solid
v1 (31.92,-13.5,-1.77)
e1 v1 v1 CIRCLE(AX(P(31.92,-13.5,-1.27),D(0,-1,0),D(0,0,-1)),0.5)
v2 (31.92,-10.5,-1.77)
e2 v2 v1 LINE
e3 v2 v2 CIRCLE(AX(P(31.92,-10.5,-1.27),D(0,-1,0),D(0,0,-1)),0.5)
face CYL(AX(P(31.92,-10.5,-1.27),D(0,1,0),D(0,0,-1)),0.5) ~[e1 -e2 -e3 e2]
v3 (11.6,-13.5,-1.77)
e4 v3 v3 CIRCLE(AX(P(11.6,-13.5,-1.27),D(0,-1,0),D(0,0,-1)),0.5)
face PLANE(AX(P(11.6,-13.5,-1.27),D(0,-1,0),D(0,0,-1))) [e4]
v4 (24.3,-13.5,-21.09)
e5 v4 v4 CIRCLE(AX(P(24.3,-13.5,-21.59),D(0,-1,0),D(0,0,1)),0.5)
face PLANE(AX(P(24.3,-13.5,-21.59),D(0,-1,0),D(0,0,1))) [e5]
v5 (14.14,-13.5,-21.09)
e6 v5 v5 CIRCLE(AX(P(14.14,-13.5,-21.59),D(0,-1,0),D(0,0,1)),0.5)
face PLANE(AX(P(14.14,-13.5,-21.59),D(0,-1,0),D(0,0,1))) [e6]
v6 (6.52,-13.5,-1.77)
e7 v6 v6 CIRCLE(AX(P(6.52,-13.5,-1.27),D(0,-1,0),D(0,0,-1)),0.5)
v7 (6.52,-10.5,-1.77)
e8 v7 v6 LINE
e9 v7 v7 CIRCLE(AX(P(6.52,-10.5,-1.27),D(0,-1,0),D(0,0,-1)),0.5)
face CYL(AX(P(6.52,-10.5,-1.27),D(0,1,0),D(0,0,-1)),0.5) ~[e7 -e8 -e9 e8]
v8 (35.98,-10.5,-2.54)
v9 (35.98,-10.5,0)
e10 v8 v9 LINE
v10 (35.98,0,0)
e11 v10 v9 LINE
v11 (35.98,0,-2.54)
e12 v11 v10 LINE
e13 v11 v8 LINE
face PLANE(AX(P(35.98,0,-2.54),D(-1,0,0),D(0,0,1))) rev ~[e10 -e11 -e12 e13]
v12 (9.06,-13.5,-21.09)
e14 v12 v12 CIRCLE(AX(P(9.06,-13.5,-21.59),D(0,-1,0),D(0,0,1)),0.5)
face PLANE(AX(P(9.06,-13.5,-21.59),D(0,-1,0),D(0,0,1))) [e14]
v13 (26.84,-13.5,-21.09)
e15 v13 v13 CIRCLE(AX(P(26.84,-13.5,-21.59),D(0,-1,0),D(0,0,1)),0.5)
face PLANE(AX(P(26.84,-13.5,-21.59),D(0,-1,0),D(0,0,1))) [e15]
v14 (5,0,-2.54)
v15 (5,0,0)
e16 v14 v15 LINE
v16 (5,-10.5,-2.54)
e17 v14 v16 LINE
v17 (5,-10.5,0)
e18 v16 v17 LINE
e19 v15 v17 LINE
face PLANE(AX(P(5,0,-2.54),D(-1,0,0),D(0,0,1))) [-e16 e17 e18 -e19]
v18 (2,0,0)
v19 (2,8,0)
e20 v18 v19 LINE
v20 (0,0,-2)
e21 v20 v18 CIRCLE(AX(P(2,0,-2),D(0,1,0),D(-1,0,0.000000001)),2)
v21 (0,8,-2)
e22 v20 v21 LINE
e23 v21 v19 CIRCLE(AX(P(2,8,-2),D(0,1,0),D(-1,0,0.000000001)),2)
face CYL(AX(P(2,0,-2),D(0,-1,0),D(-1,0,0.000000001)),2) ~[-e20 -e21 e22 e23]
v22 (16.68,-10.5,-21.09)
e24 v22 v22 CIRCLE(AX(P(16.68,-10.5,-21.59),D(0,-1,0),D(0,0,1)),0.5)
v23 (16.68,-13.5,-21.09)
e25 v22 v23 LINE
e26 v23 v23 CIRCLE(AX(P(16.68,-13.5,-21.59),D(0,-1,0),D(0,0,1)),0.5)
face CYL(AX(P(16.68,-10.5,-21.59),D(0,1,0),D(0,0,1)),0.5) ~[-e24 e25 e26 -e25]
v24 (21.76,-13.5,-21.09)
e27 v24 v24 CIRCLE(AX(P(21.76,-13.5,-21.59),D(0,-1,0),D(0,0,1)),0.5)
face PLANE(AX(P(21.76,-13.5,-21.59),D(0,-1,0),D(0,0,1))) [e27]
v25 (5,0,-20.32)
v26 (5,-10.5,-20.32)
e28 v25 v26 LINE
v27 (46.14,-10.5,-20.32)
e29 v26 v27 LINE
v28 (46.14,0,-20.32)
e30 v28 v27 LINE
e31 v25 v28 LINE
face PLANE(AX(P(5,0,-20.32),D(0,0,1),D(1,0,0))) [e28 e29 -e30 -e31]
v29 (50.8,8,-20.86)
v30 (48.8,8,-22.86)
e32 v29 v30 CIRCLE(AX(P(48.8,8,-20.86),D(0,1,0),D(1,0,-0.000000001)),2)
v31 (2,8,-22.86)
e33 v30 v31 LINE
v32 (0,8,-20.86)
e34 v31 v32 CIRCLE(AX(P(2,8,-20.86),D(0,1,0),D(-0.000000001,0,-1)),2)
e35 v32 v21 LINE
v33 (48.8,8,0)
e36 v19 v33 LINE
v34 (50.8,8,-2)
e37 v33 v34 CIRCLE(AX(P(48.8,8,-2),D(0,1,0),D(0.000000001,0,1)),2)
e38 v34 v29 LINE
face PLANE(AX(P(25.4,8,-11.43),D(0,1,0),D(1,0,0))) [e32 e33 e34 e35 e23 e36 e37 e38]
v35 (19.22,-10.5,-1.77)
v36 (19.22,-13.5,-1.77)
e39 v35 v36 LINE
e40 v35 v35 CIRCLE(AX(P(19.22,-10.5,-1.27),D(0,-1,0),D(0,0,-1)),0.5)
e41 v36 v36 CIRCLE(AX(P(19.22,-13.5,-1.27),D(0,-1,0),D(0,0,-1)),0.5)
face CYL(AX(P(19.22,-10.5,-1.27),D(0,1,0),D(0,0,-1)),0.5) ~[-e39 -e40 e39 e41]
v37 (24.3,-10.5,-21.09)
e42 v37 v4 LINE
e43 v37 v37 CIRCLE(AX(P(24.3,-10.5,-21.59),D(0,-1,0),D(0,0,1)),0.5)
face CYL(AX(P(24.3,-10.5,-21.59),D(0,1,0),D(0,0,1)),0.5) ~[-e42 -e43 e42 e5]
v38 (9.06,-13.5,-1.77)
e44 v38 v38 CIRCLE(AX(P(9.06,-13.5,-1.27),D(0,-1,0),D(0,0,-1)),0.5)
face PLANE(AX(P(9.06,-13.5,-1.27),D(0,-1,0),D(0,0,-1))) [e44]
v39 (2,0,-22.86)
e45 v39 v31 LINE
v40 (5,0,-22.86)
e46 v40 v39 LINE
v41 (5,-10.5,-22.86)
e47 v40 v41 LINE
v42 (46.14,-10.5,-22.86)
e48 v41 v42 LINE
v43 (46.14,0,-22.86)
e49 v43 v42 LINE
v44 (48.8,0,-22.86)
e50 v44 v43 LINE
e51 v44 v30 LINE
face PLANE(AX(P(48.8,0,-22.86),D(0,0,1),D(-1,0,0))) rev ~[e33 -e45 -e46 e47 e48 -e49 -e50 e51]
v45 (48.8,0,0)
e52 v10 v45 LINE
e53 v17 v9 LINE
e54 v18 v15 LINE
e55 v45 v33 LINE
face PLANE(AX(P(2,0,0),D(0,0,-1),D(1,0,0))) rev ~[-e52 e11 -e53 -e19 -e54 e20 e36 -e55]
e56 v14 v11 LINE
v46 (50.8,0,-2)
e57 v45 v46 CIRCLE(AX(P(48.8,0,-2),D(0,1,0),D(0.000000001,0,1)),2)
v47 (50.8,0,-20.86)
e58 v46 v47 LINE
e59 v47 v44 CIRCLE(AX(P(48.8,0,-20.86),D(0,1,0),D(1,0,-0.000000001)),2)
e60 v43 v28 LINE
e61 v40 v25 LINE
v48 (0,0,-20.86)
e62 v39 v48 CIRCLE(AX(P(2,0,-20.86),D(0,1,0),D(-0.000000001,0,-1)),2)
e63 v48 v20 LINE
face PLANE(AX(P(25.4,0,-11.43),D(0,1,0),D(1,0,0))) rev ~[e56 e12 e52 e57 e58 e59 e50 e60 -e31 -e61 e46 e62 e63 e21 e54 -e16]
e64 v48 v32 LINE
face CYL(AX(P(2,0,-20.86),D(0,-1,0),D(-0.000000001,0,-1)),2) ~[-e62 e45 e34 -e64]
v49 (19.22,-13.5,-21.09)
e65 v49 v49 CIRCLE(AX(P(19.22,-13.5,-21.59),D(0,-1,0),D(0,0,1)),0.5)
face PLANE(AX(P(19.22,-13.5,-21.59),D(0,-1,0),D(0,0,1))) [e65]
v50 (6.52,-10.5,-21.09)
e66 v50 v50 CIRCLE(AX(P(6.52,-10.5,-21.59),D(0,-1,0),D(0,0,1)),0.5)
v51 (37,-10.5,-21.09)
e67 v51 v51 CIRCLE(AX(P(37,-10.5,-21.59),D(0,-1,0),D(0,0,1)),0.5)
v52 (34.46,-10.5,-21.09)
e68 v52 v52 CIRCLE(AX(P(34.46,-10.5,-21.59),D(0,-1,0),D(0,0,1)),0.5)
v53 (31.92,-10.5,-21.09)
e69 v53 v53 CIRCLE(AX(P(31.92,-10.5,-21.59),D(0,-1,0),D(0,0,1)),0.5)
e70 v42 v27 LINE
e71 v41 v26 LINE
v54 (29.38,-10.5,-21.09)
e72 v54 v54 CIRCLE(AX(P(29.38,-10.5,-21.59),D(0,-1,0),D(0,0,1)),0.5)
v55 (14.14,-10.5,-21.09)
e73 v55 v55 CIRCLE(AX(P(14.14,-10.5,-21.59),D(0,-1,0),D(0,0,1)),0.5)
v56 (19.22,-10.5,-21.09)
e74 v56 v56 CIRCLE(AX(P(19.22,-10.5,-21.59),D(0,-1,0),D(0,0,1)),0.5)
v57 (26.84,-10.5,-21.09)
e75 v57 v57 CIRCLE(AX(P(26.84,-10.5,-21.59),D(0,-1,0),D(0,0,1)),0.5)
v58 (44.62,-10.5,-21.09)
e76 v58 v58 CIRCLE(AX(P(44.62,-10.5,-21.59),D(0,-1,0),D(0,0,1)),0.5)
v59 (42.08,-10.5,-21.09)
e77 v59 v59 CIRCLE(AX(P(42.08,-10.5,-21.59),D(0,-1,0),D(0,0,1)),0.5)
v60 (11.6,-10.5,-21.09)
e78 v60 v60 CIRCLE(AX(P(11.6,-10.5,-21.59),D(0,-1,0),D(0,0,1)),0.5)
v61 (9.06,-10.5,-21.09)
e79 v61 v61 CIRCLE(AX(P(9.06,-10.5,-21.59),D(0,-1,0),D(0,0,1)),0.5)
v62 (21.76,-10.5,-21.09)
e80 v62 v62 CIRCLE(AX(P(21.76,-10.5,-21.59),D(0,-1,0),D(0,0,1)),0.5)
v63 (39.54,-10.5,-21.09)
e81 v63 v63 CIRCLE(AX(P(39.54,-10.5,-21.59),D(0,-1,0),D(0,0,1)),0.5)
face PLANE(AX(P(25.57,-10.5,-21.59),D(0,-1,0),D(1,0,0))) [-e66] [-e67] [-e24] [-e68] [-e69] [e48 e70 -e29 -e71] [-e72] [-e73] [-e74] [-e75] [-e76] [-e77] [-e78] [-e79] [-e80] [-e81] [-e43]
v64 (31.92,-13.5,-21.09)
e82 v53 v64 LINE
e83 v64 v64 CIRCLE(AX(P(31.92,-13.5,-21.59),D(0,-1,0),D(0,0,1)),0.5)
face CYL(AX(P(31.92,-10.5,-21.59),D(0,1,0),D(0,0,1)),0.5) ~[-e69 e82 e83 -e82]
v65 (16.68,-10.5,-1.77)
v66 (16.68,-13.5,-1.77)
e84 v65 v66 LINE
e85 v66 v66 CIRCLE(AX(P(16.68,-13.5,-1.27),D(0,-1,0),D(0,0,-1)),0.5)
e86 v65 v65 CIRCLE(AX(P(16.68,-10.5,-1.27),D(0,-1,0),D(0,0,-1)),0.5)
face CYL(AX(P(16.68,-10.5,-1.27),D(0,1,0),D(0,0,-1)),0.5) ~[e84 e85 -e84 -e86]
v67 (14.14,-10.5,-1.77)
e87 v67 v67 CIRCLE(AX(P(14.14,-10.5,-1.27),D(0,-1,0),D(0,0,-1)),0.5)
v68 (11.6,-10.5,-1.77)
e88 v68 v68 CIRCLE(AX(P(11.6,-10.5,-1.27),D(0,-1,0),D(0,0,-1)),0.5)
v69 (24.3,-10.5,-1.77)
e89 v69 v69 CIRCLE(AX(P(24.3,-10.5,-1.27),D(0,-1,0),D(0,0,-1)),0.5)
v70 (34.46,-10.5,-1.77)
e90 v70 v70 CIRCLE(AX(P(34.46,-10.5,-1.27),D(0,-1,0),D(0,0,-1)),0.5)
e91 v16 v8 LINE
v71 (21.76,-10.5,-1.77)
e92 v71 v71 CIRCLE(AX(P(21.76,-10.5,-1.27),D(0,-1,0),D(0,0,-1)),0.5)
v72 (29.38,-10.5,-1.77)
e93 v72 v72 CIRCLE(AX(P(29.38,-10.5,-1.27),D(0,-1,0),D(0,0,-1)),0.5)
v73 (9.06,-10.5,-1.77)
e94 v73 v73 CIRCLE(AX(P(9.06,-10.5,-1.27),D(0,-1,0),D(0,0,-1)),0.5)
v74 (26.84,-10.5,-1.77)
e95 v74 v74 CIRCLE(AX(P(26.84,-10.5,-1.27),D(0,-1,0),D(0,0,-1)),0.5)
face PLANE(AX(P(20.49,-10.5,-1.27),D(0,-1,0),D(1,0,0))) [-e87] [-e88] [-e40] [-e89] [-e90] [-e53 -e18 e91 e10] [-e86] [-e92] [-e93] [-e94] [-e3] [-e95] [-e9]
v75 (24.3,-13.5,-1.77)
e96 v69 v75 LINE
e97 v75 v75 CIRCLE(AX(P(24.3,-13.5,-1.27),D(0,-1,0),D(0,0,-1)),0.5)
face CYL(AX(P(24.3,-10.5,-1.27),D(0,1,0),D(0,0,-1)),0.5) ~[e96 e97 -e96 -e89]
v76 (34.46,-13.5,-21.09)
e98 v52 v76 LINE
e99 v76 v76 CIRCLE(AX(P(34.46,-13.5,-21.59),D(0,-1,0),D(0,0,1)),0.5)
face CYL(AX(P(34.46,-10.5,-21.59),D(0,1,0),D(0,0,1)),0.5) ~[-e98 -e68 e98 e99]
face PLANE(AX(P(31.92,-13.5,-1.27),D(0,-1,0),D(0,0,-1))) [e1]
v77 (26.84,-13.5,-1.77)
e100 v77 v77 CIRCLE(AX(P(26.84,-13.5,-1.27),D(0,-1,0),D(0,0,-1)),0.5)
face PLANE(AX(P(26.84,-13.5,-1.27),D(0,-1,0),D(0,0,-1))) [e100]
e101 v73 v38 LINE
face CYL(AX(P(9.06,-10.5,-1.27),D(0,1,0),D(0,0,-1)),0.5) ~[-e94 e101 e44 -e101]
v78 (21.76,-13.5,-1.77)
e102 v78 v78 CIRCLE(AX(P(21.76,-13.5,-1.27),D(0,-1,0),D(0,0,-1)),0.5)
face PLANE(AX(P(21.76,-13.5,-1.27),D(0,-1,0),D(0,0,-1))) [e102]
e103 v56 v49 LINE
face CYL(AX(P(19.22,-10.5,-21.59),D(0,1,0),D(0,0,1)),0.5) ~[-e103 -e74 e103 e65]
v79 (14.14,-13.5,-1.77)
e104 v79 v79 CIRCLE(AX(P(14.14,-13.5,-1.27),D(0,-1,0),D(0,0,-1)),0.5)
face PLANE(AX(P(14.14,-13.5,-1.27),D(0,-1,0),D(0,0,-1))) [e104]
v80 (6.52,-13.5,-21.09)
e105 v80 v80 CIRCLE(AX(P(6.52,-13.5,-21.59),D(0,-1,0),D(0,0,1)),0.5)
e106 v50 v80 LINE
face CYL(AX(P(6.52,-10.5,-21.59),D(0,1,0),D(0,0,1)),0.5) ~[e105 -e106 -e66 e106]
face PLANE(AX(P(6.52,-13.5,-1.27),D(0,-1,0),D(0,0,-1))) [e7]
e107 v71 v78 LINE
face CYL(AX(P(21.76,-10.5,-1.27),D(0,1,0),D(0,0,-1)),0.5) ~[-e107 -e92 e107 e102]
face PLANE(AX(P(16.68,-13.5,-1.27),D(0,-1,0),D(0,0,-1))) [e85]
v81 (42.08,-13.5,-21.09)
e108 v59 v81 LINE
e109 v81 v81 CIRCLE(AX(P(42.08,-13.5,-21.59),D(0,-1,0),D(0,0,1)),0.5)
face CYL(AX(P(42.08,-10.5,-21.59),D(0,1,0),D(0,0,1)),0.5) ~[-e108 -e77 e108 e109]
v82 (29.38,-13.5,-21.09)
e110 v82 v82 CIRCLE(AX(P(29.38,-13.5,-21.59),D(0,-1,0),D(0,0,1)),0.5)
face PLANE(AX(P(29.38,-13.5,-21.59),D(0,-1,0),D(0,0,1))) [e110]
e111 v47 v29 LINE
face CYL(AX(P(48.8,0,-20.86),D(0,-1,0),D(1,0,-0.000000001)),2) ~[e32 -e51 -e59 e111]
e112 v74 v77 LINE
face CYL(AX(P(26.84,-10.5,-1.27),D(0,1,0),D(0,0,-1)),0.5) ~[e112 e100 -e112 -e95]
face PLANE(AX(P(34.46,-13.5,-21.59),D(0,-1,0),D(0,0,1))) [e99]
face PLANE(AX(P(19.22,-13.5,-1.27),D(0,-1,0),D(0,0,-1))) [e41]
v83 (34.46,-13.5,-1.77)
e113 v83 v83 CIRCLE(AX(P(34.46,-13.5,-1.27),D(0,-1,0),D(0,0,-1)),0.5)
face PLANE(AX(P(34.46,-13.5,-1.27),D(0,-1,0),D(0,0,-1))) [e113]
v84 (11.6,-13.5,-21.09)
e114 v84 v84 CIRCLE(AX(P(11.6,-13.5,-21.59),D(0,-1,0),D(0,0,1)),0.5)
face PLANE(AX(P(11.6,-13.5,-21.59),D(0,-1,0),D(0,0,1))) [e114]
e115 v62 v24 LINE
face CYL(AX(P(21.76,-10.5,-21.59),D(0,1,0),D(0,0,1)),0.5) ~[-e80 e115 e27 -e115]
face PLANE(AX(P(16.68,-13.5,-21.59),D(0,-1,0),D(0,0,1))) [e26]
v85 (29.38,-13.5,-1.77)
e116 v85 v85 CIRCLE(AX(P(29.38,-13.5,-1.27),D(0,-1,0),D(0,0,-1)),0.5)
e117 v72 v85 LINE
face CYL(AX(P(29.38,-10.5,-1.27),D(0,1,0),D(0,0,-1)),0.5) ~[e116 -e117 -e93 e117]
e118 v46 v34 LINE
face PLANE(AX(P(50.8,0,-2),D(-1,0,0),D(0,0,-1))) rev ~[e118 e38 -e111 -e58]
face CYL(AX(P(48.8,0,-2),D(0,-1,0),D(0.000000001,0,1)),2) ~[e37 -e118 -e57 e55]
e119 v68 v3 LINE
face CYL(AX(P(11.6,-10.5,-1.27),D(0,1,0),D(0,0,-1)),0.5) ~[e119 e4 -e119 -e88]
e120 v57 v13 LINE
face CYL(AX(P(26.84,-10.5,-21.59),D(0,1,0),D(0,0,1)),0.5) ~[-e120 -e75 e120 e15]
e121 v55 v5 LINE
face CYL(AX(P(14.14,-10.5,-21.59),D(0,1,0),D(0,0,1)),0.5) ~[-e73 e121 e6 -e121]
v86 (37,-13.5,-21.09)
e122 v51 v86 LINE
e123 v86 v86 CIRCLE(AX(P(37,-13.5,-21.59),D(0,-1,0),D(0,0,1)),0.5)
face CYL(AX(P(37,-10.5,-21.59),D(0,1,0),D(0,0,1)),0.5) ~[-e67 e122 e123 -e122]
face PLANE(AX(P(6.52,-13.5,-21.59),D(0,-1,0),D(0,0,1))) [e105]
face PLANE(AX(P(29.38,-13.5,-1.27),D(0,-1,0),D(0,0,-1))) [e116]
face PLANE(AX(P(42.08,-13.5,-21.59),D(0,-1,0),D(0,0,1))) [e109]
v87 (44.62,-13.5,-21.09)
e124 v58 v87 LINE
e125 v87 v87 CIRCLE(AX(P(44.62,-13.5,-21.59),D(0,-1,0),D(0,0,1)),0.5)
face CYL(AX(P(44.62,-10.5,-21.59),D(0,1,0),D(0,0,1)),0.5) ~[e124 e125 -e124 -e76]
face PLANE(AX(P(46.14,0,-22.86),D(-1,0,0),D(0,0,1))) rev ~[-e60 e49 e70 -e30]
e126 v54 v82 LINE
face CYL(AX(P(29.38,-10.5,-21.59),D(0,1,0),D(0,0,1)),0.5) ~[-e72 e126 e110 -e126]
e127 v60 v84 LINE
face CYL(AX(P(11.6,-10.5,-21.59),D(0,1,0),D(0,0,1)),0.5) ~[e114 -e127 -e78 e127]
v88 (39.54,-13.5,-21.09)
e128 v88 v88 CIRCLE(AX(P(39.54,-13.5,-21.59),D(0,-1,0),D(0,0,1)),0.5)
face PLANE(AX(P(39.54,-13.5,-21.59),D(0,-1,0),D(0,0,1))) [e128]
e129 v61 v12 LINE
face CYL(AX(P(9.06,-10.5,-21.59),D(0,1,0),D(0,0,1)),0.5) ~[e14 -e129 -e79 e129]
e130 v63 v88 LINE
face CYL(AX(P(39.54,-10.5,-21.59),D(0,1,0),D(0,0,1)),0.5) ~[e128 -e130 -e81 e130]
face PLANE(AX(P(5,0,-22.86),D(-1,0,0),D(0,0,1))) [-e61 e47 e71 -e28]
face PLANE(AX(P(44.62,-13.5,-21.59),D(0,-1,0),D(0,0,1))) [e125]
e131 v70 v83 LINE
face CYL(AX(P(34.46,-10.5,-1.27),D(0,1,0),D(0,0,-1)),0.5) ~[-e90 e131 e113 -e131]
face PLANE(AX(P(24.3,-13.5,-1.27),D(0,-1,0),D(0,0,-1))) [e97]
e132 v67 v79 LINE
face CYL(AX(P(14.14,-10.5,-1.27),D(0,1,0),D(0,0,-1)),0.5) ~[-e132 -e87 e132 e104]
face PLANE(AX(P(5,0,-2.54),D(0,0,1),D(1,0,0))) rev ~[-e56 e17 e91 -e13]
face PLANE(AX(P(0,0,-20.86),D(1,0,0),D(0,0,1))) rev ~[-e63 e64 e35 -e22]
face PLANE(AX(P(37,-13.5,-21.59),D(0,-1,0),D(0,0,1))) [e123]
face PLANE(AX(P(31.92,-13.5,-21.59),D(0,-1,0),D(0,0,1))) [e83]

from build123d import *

# Parameters (mm, degrees)
BOSS_EXTRUDE1_DEPTH = 8
SKETCH2_W           = 30.98
SKETCH2_H           = 2.54
SKETCH2_W_2         = 41.14
BOSS_EXTRUDE2_DEPTH = 10.5
SKETCH3_R           = 0.5
BOSS_EXTRUDE3_DEPTH = 3


with BuildPart() as part:
    # Sketch1 → Boss-Extrude1 (new body)
    with BuildSketch(Plane(origin=(0, 0, 0), x_dir=(1, 0, 0), z_dir=(0, 1, 0))):
        with BuildLine():
            Line((2, 0), (48.8, 0))
            ThreePointArc((48.8, 0), (50.214213562, 0.585786438), (50.8, 2))
            Line((50.8, 2), (50.8, 20.86))
            ThreePointArc((50.8, 20.86), (50.214213562, 22.274213562), (48.8, 22.86))
            Line((48.8, 22.86), (2, 22.86))
            ThreePointArc((2, 22.86), (0.585786438, 22.274213562), (0, 20.86))
            Line((0, 20.86), (0, 2))
            ThreePointArc((0, 2), (0.585786438, 0.585786438), (2, 0))
        make_face()
    extrude(amount=BOSS_EXTRUDE1_DEPTH)

    # Sketch2 → Boss-Extrude2 (add)
    with BuildSketch(Plane.XZ):
        with Locations((20.49, -1.27)):
            Rectangle(SKETCH2_W, SKETCH2_H)
        with Locations((25.57, -21.59)):
            Rectangle(SKETCH2_W_2, SKETCH2_H)
    extrude(amount=BOSS_EXTRUDE2_DEPTH)

    # Sketch3 → Boss-Extrude3 (add)
    with BuildSketch(Plane.XZ.offset(10.5)):
        with Locations(Location((6.52, -1.27, 0), (0, 0, 270))):
            Circle(SKETCH3_R)
        with Locations(Location((9.06, -1.27, 0), (0, 0, 270))):
            Circle(SKETCH3_R)
        with Locations(Location((11.6, -1.27, 0), (0, 0, 270))):
            Circle(SKETCH3_R)
        with Locations(Location((14.14, -1.27, 0), (0, 0, 270))):
            Circle(SKETCH3_R)
        with Locations(Location((16.68, -1.27, 0), (0, 0, 270))):
            Circle(SKETCH3_R)
        with Locations(Location((19.22, -1.27, 0), (0, 0, 270))):
            Circle(SKETCH3_R)
        with Locations(Location((21.76, -1.27, 0), (0, 0, 270))):
            Circle(SKETCH3_R)
        with Locations(Location((24.3, -1.27, 0), (0, 0, 270))):
            Circle(SKETCH3_R)
        with Locations(Location((26.84, -1.27, 0), (0, 0, 270))):
            Circle(SKETCH3_R)
        with Locations(Location((29.38, -1.27, 0), (0, 0, 270))):
            Circle(SKETCH3_R)
        with Locations(Location((31.92, -1.27, 0), (0, 0, 270))):
            Circle(SKETCH3_R)
        with Locations(Location((34.46, -1.27, 0), (0, 0, 270))):
            Circle(SKETCH3_R)
        with Locations(Location((6.52, -21.59, 0), (0, 0, 90))):
            Circle(SKETCH3_R)
        with Locations(Location((9.06, -21.59, 0), (0, 0, 90))):
            Circle(SKETCH3_R)
        with Locations(Location((11.6, -21.59, 0), (0, 0, 90))):
            Circle(SKETCH3_R)
        with Locations(Location((14.14, -21.59, 0), (0, 0, 90))):
            Circle(SKETCH3_R)
        with Locations(Location((16.68, -21.59, 0), (0, 0, 90))):
            Circle(SKETCH3_R)
        with Locations(Location((19.22, -21.59, 0), (0, 0, 90))):
            Circle(SKETCH3_R)
        with Locations(Location((21.76, -21.59, 0), (0, 0, 90))):
            Circle(SKETCH3_R)
        with Locations(Location((24.3, -21.59, 0), (0, 0, 90))):
            Circle(SKETCH3_R)
        with Locations(Location((26.84, -21.59, 0), (0, 0, 90))):
            Circle(SKETCH3_R)
        with Locations(Location((29.38, -21.59, 0), (0, 0, 90))):
            Circle(SKETCH3_R)
        with Locations(Location((31.92, -21.59, 0), (0, 0, 90))):
            Circle(SKETCH3_R)
        with Locations(Location((34.46, -21.59, 0), (0, 0, 90))):
            Circle(SKETCH3_R)
        with Locations(Location((37, -21.59, 0), (0, 0, 90))):
            Circle(SKETCH3_R)
        with Locations(Location((39.54, -21.59, 0), (0, 0, 90))):
            Circle(SKETCH3_R)
        with Locations(Location((42.08, -21.59, 0), (0, 0, 90))):
            Circle(SKETCH3_R)
        with Locations(Location((44.62, -21.59, 0), (0, 0, 90))):
            Circle(SKETCH3_R)
    extrude(amount=BOSS_EXTRUDE3_DEPTH)


solid = part.part
